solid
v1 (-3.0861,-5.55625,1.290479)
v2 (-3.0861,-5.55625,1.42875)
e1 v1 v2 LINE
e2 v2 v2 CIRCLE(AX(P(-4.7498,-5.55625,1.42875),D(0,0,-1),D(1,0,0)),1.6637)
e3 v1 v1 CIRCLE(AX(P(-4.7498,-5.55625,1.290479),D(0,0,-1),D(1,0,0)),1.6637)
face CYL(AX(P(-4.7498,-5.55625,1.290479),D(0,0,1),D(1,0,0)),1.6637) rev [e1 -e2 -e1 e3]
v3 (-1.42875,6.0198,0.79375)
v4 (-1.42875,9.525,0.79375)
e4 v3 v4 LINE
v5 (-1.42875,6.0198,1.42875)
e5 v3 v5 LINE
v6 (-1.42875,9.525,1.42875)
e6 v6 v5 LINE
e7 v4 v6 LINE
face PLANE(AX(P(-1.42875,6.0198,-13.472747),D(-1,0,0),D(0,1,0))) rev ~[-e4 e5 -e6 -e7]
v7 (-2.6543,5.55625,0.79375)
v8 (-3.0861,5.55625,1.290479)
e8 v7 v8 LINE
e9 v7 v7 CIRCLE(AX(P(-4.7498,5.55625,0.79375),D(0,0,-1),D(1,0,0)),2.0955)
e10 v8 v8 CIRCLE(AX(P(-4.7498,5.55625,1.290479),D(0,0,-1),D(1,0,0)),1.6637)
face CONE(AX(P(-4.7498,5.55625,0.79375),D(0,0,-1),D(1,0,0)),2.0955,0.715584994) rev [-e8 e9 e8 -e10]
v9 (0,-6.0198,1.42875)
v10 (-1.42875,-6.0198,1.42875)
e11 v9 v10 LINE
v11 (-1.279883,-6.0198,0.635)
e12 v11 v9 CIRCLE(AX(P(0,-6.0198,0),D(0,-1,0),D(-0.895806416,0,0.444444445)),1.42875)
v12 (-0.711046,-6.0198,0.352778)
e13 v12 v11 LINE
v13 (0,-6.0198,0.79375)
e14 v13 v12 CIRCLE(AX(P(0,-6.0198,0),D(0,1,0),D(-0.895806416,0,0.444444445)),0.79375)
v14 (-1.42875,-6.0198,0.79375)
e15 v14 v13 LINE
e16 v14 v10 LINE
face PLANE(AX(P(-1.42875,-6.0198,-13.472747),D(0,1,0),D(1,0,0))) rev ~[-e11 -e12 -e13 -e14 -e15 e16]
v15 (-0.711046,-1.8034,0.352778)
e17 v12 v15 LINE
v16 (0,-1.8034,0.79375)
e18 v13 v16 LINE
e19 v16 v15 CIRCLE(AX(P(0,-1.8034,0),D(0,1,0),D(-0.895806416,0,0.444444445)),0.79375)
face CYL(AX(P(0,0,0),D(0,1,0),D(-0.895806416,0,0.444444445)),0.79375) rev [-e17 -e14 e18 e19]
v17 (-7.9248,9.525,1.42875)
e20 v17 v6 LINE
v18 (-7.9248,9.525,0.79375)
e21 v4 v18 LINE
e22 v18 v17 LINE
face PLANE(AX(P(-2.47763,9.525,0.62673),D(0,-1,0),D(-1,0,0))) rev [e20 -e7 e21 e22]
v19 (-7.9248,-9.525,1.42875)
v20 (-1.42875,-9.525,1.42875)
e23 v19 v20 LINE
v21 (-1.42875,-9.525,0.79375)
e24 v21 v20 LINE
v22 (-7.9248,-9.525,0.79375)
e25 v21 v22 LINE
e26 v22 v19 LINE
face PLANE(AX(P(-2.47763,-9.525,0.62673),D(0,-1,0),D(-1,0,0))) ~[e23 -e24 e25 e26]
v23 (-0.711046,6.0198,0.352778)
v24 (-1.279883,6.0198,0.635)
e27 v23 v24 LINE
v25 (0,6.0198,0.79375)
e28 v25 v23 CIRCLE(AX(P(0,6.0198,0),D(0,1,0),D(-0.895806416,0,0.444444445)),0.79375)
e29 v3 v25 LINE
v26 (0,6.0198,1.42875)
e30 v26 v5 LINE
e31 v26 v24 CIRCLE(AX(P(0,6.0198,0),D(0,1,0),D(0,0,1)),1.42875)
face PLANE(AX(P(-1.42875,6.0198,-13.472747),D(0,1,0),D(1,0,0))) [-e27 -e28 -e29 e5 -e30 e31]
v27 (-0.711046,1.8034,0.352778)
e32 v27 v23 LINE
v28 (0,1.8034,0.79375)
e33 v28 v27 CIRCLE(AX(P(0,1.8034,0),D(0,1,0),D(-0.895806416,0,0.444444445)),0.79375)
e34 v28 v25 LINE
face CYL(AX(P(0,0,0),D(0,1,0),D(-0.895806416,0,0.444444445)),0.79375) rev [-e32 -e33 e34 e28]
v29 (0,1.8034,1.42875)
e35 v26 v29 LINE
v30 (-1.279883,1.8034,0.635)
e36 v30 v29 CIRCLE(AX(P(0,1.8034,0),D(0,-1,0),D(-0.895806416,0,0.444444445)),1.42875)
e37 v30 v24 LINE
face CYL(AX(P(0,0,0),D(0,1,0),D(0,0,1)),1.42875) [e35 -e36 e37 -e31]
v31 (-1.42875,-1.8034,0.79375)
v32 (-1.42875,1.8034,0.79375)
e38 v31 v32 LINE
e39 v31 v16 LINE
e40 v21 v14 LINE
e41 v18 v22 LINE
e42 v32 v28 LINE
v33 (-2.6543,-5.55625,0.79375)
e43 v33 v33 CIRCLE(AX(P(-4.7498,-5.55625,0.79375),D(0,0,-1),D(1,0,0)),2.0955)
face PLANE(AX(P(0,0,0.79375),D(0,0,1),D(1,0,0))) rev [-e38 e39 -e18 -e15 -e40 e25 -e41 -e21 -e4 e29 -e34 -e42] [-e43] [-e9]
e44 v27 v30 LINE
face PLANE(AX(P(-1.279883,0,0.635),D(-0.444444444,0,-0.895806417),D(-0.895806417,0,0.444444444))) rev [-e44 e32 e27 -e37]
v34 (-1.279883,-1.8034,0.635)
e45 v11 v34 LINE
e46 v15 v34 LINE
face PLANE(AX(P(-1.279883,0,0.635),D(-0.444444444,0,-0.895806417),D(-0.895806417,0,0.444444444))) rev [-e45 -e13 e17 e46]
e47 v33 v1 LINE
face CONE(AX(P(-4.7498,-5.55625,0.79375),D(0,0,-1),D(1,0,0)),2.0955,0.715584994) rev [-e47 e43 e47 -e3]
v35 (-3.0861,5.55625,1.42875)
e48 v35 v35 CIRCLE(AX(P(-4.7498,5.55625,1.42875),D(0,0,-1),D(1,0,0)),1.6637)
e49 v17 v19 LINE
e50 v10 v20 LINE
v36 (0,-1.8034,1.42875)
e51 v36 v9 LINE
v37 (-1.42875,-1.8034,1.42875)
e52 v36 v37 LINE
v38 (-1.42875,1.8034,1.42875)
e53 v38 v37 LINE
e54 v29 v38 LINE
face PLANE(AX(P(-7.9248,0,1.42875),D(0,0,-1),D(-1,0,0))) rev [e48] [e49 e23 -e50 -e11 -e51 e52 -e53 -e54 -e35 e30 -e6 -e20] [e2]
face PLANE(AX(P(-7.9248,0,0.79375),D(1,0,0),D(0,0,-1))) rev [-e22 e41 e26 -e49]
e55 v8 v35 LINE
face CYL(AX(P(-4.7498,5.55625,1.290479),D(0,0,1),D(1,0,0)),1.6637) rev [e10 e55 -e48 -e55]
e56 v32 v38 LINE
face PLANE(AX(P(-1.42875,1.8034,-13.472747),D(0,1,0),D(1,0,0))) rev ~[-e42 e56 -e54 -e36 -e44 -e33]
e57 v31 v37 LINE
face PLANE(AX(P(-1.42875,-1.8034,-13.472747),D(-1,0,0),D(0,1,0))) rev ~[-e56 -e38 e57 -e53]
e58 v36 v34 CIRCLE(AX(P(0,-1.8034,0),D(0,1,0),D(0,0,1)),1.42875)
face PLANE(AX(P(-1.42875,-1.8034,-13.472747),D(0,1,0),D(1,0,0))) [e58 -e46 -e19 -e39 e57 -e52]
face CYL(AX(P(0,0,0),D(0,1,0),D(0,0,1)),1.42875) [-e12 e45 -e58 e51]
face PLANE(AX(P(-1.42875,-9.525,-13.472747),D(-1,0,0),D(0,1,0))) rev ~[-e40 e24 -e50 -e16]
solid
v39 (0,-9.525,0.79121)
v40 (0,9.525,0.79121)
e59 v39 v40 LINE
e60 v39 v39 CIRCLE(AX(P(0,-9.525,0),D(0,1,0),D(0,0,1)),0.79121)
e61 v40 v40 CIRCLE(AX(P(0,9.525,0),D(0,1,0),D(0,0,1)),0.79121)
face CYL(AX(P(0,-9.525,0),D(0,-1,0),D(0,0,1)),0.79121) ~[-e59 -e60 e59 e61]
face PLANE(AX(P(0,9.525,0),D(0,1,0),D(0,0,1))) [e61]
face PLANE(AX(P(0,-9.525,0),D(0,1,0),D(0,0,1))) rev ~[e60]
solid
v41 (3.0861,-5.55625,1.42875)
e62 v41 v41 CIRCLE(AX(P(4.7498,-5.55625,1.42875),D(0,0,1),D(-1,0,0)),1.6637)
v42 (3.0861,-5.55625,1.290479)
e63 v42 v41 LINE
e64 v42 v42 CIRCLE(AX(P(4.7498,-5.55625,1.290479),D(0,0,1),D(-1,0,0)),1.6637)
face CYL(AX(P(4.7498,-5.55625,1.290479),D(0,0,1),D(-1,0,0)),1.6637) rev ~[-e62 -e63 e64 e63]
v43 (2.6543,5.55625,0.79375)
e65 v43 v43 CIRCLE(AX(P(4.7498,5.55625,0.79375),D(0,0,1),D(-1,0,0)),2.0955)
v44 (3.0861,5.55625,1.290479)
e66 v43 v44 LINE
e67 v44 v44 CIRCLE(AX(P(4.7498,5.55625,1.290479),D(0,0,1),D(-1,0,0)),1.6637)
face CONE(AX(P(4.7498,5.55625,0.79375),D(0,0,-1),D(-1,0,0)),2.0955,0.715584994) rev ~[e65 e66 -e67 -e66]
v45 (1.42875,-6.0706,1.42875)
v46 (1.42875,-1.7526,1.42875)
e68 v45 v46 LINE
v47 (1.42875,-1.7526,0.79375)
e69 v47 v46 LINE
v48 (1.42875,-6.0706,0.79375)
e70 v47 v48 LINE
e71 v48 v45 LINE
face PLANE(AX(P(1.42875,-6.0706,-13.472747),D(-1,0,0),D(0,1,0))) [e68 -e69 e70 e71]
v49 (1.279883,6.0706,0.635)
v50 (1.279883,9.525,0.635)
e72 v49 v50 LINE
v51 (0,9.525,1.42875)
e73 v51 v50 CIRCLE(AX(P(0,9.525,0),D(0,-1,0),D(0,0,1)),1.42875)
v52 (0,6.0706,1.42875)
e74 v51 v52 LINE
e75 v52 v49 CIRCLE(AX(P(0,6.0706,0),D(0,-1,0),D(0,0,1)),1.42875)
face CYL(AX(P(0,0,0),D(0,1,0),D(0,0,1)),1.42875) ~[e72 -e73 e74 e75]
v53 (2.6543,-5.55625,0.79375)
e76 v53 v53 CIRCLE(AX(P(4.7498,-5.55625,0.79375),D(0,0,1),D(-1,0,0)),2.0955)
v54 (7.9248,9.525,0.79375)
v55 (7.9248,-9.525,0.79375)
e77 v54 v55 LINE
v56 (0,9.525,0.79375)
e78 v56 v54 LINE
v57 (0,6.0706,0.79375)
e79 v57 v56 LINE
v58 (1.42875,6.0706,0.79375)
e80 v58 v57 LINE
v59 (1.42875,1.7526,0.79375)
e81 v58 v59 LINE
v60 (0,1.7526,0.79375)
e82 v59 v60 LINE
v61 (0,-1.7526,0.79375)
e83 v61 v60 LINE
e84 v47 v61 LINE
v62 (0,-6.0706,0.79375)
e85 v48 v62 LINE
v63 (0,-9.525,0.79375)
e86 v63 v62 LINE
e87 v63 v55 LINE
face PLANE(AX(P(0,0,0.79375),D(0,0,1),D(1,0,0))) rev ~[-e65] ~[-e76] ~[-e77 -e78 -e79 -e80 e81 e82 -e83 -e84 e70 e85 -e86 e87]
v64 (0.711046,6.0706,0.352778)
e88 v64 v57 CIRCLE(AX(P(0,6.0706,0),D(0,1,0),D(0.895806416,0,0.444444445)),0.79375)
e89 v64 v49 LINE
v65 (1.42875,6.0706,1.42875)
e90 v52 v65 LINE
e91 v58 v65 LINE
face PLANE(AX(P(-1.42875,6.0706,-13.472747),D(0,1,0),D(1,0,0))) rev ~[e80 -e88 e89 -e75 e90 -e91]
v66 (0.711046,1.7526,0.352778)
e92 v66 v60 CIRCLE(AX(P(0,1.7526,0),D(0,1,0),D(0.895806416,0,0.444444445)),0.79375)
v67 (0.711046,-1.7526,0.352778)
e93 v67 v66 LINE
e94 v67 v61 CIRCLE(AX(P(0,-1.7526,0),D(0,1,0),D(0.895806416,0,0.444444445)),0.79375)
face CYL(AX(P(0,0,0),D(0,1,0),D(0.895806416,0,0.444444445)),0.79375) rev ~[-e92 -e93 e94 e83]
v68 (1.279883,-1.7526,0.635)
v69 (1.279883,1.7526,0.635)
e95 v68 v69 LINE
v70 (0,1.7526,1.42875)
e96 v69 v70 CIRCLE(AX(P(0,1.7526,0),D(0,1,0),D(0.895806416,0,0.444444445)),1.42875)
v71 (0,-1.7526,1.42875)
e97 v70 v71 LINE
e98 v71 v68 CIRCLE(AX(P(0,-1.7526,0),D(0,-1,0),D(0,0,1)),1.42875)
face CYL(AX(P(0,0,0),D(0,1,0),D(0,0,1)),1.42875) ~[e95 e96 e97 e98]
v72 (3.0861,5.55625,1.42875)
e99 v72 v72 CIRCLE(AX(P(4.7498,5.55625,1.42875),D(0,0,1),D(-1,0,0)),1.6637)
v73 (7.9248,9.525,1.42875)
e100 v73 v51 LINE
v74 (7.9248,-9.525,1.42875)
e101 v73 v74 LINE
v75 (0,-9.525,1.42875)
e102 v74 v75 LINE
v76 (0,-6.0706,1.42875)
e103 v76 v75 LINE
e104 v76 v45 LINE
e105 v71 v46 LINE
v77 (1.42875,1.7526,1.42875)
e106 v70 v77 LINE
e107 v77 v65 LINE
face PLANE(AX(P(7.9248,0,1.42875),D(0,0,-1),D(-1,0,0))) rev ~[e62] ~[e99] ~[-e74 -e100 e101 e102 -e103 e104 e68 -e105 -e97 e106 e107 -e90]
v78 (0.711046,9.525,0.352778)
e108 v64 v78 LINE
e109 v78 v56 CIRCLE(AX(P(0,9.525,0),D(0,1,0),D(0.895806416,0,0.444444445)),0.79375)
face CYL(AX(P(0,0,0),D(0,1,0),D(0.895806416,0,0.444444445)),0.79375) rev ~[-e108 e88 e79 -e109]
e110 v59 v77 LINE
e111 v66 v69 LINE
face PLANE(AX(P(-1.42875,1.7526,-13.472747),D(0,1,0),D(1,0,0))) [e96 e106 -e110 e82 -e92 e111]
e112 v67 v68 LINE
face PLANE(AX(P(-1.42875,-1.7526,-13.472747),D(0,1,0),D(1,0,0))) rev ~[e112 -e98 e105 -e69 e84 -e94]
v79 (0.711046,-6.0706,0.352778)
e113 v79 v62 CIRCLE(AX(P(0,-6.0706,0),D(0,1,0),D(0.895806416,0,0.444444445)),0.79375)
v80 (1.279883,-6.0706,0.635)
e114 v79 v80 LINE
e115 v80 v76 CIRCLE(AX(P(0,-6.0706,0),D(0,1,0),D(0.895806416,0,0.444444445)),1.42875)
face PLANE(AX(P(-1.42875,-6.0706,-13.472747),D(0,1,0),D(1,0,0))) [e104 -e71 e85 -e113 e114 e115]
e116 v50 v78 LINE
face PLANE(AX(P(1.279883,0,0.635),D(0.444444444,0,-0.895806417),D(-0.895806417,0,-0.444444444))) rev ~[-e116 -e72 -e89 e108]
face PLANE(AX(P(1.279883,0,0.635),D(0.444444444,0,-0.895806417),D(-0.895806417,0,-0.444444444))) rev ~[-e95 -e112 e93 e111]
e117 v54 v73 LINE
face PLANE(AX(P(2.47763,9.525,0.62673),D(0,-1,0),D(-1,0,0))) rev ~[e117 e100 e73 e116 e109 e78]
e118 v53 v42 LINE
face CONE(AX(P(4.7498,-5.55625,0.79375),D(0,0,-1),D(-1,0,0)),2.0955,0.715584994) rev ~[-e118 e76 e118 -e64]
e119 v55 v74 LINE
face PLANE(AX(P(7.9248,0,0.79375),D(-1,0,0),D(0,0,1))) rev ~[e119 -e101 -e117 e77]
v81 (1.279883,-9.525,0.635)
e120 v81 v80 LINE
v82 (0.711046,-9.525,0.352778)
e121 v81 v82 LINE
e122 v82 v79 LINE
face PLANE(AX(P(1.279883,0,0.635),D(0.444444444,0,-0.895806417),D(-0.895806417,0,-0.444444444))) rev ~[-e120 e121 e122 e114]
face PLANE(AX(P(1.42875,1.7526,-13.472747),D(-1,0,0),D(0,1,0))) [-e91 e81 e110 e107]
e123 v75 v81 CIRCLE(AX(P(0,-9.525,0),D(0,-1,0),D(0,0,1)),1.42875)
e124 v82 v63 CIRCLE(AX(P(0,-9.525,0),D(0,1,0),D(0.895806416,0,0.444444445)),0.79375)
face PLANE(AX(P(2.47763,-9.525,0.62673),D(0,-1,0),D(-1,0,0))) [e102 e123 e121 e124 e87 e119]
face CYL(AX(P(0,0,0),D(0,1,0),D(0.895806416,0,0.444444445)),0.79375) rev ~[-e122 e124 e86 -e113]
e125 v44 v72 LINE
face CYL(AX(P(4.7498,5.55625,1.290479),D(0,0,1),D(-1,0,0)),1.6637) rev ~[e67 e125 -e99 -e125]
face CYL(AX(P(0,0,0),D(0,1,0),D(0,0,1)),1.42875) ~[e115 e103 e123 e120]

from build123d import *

# Parameters (mm, degrees)
EXTRUDE1_DEPTH          = 9.525
LPATTERN2_COUNT         = 2
LPATTERN2_PITCH         = 11.1125
CUT_EXTRUDE1_DEPTH      = 13.472746554
CUT_EXTRUDE1_DEPTH_BACK = 13.472746554
SKETCH4_W               = 2.8575
SKETCH4_H               = 4.318
CUT_EXTRUDE2_DEPTH      = 13.472746554
CUT_EXTRUDE2_DEPTH_BACK = 13.472746554
SKETCH5_W               = 2.8575
SKETCH5_H               = 3.5052
SKETCH5_H_2             = 3.6068
EXTRUDE2_START          = -9.525
SKETCH6_R               = 0.79121
EXTRUDE2_DEPTH          = 19.05


with BuildPart() as part:
    # Sketch1 → Extrude1 (new, symmetric)
    with BuildSketch(Plane(origin=(0, 0, 0), x_dir=(1, 0, 0), z_dir=(0, 1, 0))):
        with BuildLine():
            Line((0, -0.79375), (7.9248, -0.79375))
            Line((7.9248, -0.79375), (7.9248, -1.42875))
            Line((7.9248, -1.42875), (0, -1.42875))
            ThreePointArc((0, -1.42875), (-0.753017368, 1.214204022), (1.279883418, -0.635))
            Line((1.279883418, -0.635), (0.711046343, -0.352777778))
            ThreePointArc((0.711046343, -0.352777778), (-0.418342982, 0.67455779), (0, -0.79375))
        make_face()
    extrude(amount=EXTRUDE1_DEPTH, both=True)

    # Sketch7 → Cut-Revolve1 (revolve, cut)
    with BuildSketch(Plane(origin=(4.7498, 0, 0), x_dir=(0, 0, -1), z_dir=(1, 0, 0)), mode=Mode.PRIVATE) as cut_revolve1_sk:
        Polygon((-0.79375, 5.55625), (-0.79375, 7.65175), (-1.290479078, 7.21995), (-1.42875, 7.21995), (-1.42875, 5.55625), align=None)
    cut_revolve1 = revolve(cut_revolve1_sk.sketch.rotate(Axis((4.7498, 5.55625, -1.822321443), (0, 0, 1)), 90), axis=Axis((4.7498, 5.55625, -1.822321443), (0, 0, 1)), mode=Mode.SUBTRACT)

    # LPattern2: Cut-Revolve1 ×2
    with Locations(*[(0, -i * LPATTERN2_PITCH, 0) for i in range(1, LPATTERN2_COUNT)]):
        add(cut_revolve1, mode=Mode.SUBTRACT)


with BuildPart() as body_2:
    # Mirror2: mirrored copy
    add(part.part.mirror(Plane(origin=(0, 0, 0), x_dir=(0, 0, 1), z_dir=(1, 0, 0))))

    # Sketch5 → Cut-Extrude2 (cut, two sides: drawn at the far end of the back side and taken through both)
    with BuildSketch(Plane.XY.offset(-CUT_EXTRUDE2_DEPTH_BACK)):
        with Locations((0, -7.7724)):
            Rectangle(SKETCH5_W, SKETCH5_H)
        Rectangle(SKETCH5_W, SKETCH5_H_2)
        with Locations((0, 7.7724)):
            Rectangle(SKETCH5_W, SKETCH5_H)
    extrude(amount=CUT_EXTRUDE2_DEPTH + CUT_EXTRUDE2_DEPTH_BACK, mode=Mode.SUBTRACT)


with BuildPart() as part_1:
    add(part.part)

    # Sketch4 → Cut-Extrude1 (cut, two sides: drawn at the far end of the back side and taken through both)
    with BuildSketch(Plane.XY.offset(-CUT_EXTRUDE1_DEPTH_BACK)):
        with Locations((0, 3.9116)):
            Rectangle(SKETCH4_W, SKETCH4_H)
        with Locations((0, -3.9116)):
            Rectangle(SKETCH4_W, SKETCH4_H)
    extrude(amount=CUT_EXTRUDE1_DEPTH + CUT_EXTRUDE1_DEPTH_BACK, mode=Mode.SUBTRACT)


with BuildPart() as body_3:
    # Sketch6 → Extrude2 (new body)
    with BuildSketch(Plane(origin=(0, 0, 0), x_dir=(1, 0, 0), z_dir=(0, 1, 0)).offset(EXTRUDE2_START)):
        with Locations(Location((0, 0, 0), (0, 0, 270))):
            Circle(SKETCH6_R)
    extrude(amount=EXTRUDE2_DEPTH)


solid = Compound([body_2.part, part_1.part, body_3.part])
